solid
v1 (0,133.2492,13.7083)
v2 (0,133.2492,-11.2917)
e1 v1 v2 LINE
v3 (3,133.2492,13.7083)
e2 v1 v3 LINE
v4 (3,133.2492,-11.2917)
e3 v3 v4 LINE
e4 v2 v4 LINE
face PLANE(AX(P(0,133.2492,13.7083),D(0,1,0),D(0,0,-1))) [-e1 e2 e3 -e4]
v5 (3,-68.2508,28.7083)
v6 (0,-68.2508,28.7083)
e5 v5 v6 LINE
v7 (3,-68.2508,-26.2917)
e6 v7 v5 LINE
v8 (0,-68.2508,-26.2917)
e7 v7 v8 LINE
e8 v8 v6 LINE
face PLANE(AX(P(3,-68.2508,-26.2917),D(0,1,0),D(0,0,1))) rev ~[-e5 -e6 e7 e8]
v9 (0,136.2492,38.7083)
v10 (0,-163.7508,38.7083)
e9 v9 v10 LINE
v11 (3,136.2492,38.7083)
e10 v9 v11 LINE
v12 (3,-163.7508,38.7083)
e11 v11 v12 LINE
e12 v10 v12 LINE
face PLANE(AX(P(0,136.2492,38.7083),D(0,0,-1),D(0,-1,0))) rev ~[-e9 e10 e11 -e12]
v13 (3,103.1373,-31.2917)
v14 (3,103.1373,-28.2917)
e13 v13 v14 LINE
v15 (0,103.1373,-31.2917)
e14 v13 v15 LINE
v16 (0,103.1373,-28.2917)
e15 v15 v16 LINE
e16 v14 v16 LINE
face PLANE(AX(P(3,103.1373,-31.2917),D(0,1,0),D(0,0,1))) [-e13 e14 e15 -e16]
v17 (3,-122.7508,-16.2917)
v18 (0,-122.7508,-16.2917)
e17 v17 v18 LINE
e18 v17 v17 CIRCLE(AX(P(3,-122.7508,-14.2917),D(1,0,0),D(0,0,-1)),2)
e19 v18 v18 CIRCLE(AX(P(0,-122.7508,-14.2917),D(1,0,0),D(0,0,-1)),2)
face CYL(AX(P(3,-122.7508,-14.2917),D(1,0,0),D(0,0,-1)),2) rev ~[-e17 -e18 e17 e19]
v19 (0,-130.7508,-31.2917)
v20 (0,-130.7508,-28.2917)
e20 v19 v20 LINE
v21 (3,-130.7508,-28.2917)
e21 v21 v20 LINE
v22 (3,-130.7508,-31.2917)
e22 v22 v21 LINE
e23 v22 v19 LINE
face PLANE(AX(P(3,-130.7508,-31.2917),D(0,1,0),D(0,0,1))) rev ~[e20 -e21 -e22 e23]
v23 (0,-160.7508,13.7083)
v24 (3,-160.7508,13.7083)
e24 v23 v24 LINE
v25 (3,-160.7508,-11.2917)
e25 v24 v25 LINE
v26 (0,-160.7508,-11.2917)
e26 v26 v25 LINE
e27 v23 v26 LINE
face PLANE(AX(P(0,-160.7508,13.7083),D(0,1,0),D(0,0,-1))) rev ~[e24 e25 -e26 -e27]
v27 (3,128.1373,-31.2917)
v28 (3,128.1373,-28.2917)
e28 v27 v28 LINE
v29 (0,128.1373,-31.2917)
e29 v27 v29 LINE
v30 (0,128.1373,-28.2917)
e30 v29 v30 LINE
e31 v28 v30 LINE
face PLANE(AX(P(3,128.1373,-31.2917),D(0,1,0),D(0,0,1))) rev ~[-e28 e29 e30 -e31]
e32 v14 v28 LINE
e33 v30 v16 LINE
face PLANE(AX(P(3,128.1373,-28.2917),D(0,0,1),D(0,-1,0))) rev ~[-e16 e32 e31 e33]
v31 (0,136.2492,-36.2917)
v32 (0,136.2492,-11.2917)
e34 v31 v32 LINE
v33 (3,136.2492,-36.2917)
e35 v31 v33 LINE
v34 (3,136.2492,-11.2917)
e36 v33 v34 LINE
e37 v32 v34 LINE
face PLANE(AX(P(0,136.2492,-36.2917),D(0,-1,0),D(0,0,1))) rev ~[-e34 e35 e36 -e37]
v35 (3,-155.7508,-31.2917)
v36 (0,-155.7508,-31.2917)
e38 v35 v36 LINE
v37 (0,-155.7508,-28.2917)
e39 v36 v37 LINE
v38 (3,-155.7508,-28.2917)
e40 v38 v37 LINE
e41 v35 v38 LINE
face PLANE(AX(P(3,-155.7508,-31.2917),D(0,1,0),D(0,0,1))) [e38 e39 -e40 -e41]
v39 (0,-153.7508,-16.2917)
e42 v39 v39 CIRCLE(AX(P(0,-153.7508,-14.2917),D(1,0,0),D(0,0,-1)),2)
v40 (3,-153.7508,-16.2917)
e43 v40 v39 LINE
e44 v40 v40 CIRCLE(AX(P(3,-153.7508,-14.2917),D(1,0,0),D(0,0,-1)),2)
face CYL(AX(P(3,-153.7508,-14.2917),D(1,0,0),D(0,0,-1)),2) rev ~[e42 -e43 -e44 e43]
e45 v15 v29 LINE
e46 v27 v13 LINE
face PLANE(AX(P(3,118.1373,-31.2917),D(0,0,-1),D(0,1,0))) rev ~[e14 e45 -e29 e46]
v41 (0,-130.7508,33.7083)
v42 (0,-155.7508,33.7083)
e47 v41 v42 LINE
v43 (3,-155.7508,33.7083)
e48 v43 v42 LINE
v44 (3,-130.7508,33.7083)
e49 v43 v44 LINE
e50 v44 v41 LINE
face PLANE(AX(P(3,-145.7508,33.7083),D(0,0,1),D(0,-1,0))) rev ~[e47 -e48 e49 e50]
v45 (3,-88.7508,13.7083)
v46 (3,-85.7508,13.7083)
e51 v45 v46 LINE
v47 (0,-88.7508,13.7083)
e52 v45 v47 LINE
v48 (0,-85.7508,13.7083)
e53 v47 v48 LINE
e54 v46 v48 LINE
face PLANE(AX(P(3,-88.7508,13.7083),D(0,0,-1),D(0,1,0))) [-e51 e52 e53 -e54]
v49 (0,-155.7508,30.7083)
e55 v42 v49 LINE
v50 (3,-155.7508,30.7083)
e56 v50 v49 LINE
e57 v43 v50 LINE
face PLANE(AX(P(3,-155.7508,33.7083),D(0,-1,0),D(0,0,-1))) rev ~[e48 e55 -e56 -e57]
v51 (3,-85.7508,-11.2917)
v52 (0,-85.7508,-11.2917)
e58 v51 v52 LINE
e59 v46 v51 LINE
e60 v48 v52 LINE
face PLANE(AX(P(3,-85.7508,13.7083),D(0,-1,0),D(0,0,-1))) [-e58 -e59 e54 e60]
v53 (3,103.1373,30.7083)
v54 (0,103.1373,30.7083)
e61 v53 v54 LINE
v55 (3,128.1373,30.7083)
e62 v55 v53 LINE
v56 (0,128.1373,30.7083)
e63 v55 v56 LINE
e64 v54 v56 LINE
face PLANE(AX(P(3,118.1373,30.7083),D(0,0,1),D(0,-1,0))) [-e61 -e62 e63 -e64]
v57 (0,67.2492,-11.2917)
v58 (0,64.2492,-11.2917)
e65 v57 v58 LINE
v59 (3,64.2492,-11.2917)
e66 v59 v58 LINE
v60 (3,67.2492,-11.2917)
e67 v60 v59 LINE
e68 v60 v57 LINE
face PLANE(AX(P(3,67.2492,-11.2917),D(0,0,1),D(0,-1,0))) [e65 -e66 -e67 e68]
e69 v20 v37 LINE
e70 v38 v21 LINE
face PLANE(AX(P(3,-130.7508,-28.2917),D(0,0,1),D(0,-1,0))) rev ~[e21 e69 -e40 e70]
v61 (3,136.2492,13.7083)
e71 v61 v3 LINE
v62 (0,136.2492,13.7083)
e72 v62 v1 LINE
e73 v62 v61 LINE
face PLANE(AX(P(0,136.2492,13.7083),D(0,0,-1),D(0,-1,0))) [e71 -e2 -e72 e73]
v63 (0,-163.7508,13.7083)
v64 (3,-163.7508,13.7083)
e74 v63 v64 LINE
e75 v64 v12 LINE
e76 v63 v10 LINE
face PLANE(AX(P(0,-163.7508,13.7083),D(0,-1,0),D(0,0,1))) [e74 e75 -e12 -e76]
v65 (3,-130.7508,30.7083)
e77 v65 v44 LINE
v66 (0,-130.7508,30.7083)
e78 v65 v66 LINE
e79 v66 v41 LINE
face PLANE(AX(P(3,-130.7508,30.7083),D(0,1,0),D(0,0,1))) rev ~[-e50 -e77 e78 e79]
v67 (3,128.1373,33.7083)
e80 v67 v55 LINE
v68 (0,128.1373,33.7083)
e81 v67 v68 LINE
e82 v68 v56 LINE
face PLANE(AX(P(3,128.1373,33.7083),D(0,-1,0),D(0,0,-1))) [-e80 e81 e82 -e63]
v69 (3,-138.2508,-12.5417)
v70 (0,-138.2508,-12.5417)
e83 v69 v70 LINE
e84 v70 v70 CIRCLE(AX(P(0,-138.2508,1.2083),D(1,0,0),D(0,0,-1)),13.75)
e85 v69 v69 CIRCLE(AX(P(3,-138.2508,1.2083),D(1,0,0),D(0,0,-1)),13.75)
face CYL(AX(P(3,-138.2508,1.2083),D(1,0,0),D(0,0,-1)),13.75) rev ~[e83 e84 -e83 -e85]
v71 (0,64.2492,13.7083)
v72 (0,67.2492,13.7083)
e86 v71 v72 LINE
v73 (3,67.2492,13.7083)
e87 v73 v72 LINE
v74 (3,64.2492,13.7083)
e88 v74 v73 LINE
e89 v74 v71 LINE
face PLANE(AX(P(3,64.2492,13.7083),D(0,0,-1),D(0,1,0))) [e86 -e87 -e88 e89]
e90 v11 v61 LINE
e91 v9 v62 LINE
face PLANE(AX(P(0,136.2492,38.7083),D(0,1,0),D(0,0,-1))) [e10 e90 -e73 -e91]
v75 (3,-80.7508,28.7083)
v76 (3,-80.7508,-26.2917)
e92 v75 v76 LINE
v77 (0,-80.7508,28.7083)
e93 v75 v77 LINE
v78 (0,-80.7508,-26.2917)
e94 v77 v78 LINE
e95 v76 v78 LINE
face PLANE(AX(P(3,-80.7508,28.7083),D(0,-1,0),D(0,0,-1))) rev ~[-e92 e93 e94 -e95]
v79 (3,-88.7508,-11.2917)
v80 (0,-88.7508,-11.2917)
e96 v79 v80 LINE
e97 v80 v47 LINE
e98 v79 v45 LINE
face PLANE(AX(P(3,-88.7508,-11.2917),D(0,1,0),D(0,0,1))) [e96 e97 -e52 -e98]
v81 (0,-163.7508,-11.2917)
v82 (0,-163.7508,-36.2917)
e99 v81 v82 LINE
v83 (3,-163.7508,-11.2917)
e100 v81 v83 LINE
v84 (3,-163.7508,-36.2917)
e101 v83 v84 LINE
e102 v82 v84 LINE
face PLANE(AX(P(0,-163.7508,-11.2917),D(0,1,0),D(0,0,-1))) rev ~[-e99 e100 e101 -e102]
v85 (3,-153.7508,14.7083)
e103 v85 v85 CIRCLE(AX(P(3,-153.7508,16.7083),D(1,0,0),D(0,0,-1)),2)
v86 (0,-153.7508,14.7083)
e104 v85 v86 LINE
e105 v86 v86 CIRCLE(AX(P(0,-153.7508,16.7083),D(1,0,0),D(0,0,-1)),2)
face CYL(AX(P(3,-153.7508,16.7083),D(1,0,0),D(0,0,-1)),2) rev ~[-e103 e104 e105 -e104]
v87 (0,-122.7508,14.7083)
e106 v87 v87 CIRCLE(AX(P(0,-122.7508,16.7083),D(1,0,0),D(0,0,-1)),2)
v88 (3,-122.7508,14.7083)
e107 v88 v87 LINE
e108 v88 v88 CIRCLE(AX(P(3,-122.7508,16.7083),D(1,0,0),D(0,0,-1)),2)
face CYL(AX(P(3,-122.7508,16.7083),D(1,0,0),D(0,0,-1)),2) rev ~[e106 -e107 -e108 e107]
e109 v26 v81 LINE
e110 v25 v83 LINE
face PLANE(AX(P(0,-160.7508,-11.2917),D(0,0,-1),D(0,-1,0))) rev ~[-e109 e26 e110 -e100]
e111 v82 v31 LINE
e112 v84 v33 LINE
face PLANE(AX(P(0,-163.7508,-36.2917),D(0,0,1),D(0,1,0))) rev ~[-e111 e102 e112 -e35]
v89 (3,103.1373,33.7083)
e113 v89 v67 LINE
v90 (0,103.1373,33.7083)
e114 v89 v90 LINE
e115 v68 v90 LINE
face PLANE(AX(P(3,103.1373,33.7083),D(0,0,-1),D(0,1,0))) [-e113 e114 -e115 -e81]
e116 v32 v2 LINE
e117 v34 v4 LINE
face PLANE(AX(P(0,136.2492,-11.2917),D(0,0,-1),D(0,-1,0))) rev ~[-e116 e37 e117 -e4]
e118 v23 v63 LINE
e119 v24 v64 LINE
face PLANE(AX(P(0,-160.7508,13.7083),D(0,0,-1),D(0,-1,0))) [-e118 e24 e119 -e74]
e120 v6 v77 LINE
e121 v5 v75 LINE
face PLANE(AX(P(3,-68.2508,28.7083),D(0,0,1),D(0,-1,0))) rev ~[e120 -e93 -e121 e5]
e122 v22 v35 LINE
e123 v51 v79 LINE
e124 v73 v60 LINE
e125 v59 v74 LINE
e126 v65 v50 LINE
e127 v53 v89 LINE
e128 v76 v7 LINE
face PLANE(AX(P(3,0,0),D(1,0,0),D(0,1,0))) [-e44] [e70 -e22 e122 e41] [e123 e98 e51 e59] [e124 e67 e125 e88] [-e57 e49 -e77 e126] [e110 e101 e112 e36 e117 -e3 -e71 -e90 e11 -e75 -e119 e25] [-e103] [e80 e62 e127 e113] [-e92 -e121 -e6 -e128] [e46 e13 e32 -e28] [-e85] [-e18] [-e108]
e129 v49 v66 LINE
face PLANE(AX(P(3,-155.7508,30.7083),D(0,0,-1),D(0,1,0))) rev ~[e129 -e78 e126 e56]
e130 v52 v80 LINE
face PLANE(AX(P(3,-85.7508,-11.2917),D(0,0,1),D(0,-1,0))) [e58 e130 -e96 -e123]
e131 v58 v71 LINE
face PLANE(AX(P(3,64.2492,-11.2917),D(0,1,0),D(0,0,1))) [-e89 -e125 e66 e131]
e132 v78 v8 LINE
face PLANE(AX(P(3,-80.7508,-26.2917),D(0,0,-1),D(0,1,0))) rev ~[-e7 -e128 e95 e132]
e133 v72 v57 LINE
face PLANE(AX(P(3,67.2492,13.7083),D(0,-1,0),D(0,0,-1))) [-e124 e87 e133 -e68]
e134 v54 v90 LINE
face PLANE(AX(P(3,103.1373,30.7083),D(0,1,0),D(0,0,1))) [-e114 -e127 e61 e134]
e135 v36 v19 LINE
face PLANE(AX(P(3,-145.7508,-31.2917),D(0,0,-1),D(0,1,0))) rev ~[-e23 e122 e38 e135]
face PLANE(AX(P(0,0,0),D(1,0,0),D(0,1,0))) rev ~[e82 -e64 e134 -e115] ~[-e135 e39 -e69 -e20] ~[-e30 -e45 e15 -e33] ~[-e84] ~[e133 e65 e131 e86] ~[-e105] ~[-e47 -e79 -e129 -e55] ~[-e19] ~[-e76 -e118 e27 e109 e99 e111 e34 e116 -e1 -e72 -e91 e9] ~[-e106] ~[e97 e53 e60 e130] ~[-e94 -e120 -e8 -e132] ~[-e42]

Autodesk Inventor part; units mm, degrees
ref_plane "YZ Plane" through (0, 0, 0) normal (1, 0, 0) x (0, 1, 0)
ref_plane "XZ Plane" through (0, 0, 0) normal (0, 1, 0) x (-1, 0, 0)
ref_plane "XY Plane" through (0, 0, 0) normal (0, 0, 1) x (1, 0, 0)
sketch "Sketch1" plane through (0, 0, 0) normal (1, 0, 0) x (0, 1, 0)
  line L0 (136.2492, 38.7083) -> (-163.7508, 38.7083)
  line L1 (-163.7508, -36.2917) -> (136.2492, -36.2917)
  line L2 (-160.7508, 13.7083) -> (-160.7508, -11.2917)
  line L3 (-160.7508, -11.2917) -> (-163.7508, -11.2917)
  line L4 (-160.7508, 13.7083) -> (-163.7508, 13.7083)
  line L5 (-163.7508, 13.7083) -> (-163.7508, 38.7083)
  line L6 (-163.7508, -11.2917) -> (-163.7508, -36.2917)
  line L7 (136.2492, 38.7083) -> (136.2492, 13.7083)
  line L8 (136.2492, -36.2917) -> (136.2492, -11.2917)
  line L9 (136.2492, 13.7083) -> (133.2492, 13.7083)
  line L10 (133.2492, 13.7083) -> (133.2492, -11.2917)
  line L11 (136.2492, -11.2917) -> (133.2492, -11.2917)
  point P0 (0, 0)
  dimension "d1" = 300
extrude "Extrusion1" add sketch "Sketch1" along normal blind 3
sketch "Sketch2" plane through (3, 0, 0) normal (1, 0, 0) x (0, 0, -1)
  line L0 (-13.7083, -163.7508) -> (-13.7083, -160.7508) projected
  line L1 (-13.7083, -160.7508) -> (11.2917, -160.7508) projected
  line L2 (-13.7083, -60.7508) -> (11.2917, -60.7508)
  line L3 (11.2917, -60.7508) -> (11.2917, -63.7508)
  line L4 (11.2917, -63.7508) -> (-13.7083, -63.7508)
  line L5 (-13.7083, -63.7508) -> (-13.7083, -60.7508)
  line L6 (36.2917, -163.7508) -> (36.2917, 136.2492) projected
  line L7 (-13.7083, 36.2492) -> (11.2917, 36.2492)
  line L8 (11.2917, 36.2492) -> (11.2917, 39.2492)
  line L9 (11.2917, 39.2492) -> (-13.7083, 39.2492)
  line L10 (-13.7083, 39.2492) -> (-13.7083, 36.2492)
  point P0 (0, 0)
extrude "Extrusion2" cut sketch "Sketch2" against normal blind 3
sketch "Sketch3" plane through (3, 0, 0) normal (1, 0, 0) x (0, 0, -1)
  line L0 (-13.7083, -160.7508) -> (11.2917, -160.7508) projected
  circle A0 centre (-16.7083, -154.7508) radius 1.5
  circle A1 centre (14.2917, -154.7508) radius 1.5
  circle A2 centre (14.2917, -123.7508) radius 1.5
  circle A3 centre (-16.7083, -123.7508) radius 1.5
  circle A4 centre (-1.2083, -139.2508) radius 12
  point P0 (0, 0)
  dimension "d29" = 3
  dimension "d30" = 3
  dimension "d31" = 3
  dimension "d32" = 3
  dimension "d33" = 24
extrude "Extrusion3" cut sketch "Sketch3" against normal blind 3
sketch "Sketch4" plane through (3, 0, 0) normal (1, 0, 0) x (0, 0, -1)
  line L0 (-13.7083, -160.7508) -> (11.2917, -160.7508) projected
  line L1 (36.2917, -163.7508) -> (36.2917, 136.2492) projected
  line L2 (31.2917, -155.7508) -> (28.2917, -155.7508)
  line L3 (28.2917, -155.7508) -> (28.2917, -145.7508)
  line L4 (28.2917, -145.7508) -> (31.2917, -145.7508)
  line L5 (31.2917, -145.7508) -> (31.2917, -155.7508)
  line L6 (-38.7083, 136.2492) -> (-38.7083, -163.7508) projected
  line L7 (-33.7083, -155.7508) -> (-30.7083, -155.7508)
  line L8 (-30.7083, -155.7508) -> (-30.7083, -145.7508)
  line L9 (-30.7083, -145.7508) -> (-33.7083, -145.7508)
  line L10 (-33.7083, -145.7508) -> (-33.7083, -155.7508)
  line L11 (-33.7083, 128.1373) -> (-30.7083, 128.1373)
  line L12 (-30.7083, 128.1373) -> (-30.7083, 118.1373)
  line L13 (-30.7083, 118.1373) -> (-33.7083, 118.1373)
  line L14 (-33.7083, 118.1373) -> (-33.7083, 128.1373)
  line L15 (31.2917, 128.1373) -> (28.2917, 128.1373)
  line L16 (28.2917, 128.1373) -> (28.2917, 118.1373)
  line L17 (28.2917, 118.1373) -> (31.2917, 118.1373)
  line L18 (31.2917, 118.1373) -> (31.2917, 128.1373)
  point P0 (0, 0)
  dimension "d38" = 3
  dimension "d39" = 10
  dimension "d46" = 3
  dimension "d47" = 10
  dimension "d48" = 3
  dimension "d49" = 10
  dimension "d50" = 10
  dimension "d51" = 3
extrude "Extrusion4" cut sketch "Sketch4" against normal blind 30
sketch "Sketch5" plane through (3, 0, 0) normal (1, 0, 0) x (0, 0, -1)
  line L0 (-13.7083, -60.7508) -> (11.2917, -60.7508) projected
  line L1 (-38.7083, 136.2492) -> (-38.7083, -163.7508) projected
  line L2 (36.2917, -163.7508) -> (36.2917, 136.2492) projected
  line L3 (-28.7083, -55.7508) -> (26.2917, -55.7508)
  line L4 (26.2917, -55.7508) -> (26.2917, -43.2508)
  line L5 (26.2917, -43.2508) -> (-28.7083, -43.2508)
  line L6 (-28.7083, -43.2508) -> (-28.7083, -55.7508)
  point P0 (0, 0)
extrude "Extrusion5" cut sketch "Sketch5" against normal blind 10
sketch "Sketch6" plane through (3, 0, 0) normal (1, 0, 0) x (0, 0, -1)
  line L0 (-30.7083, 118.1373) -> (-33.7083, 118.1373) projected
  line L1 (-33.7083, 118.1373) -> (-30.7083, 118.1373)
  line L2 (-30.7083, 118.1373) -> (-30.7083, 103.1373)
  line L3 (-30.7083, 103.1373) -> (-33.7083, 103.1373)
  line L4 (-33.7083, 103.1373) -> (-33.7083, 118.1373)
  line L5 (28.2917, 118.1373) -> (31.2917, 118.1373) projected
  line L6 (28.2917, 118.1373) -> (31.2917, 118.1373)
  line L7 (31.2917, 118.1373) -> (31.2917, 103.1373)
  line L8 (31.2917, 103.1373) -> (28.2917, 103.1373)
  line L9 (28.2917, 103.1373) -> (28.2917, 118.1373)
  line L10 (-33.7083, -155.7508) -> (-33.7083, -145.7508) projected
  line L11 (-33.7083, -145.7508) -> (-30.7083, -145.7508)
  line L12 (-30.7083, -145.7508) -> (-30.7083, -130.7508)
  line L13 (-30.7083, -130.7508) -> (-33.7083, -130.7508)
  line L14 (-33.7083, -130.7508) -> (-33.7083, -145.7508)
  line L15 (28.2917, -155.7508) -> (28.2917, -145.7508) projected
  line L16 (28.2917, -145.7508) -> (31.2917, -145.7508)
  line L17 (31.2917, -145.7508) -> (31.2917, -130.7508)
  line L18 (31.2917, -130.7508) -> (28.2917, -130.7508)
  line L19 (28.2917, -130.7508) -> (28.2917, -145.7508)
  point P0 (0, 0)
  dimension "d62" = 15
  dimension "d63" = 15
extrude "Extrusion6" cut sketch "Sketch6" against normal blind 10
sketch "Sketch7" plane through (3, 0, 0) normal (1, 0, 0) x (0, 0, -1)
  point P0 (0, 0)
sketch "Sketch8" plane through (3, 0, 0) normal (1, 0, 0) x (0, 0, -1)
  circle A0 centre (-16.7083, -123.7508) radius 1.5 projected
  circle A1 centre (14.2917, -123.7508) radius 1.5 projected
  line L0 (-16.7083, -123.7508) -> (14.2917, -123.7508)
  circle A2 centre (14.2917, -154.7508) radius 1.5 projected
  line L1 (14.2917, -123.7508) -> (14.2917, -154.7508)
  circle A3 centre (-16.7083, -154.7508) radius 1.5 projected
  line L2 (14.2917, -154.7508) -> (-16.7083, -154.7508)
  line L3 (-16.7083, -154.7508) -> (-16.7083, -123.7508)
  circle A4 centre (-16.7083, -123.7508) radius 1.5
  circle A5 centre (14.2917, -123.7508) radius 1.5
  circle A6 centre (14.2917, -154.7508) radius 1.5
  circle A7 centre (-16.7083, -154.7508) radius 1.5
  circle A8 centre (-1.2083, -139.2508) radius 12 projected
  circle A9 centre (-1.2083, -139.2508) radius 12
  point P0 (0, 0)
extrude "Extrusion7" add sketch "Sketch8" against normal blind 3 contours L0 L3 A0 | A0 L3 L0 | L0 L1 A1 | A1 L1 L0 | L3 L2 A3 | A3 L2 L3 | L1 L2 A2 | A2 L2 L1 | A8
sketch "Sketch9" plane through (3, 0, 0) normal (1, 0, 0) x (0, 0, -1)
  line L0 (11.2917, -163.7508) -> (36.2917, -163.7508) projected
  line L1 (-38.7083, -163.7508) -> (-13.7083, -163.7508) projected
  line L2 (36.2917, -163.7508) -> (36.2917, 136.2492) projected
  circle A0 centre (-16.7083, -153.7508) radius 2
  circle A1 centre (14.2917, -153.7508) radius 2
  circle A2 centre (14.2917, -122.7508) radius 2
  circle A3 centre (-16.7083, -122.7508) radius 2
  circle A4 centre (-1.2083, -138.2508) radius 12
  point P0 (0, 0)
  dimension "d75" = 4
  dimension "d76" = 4
  dimension "d77" = 4
  dimension "d78" = 4
  dimension "d79" = 24
extrude "Extrusion8" cut sketch "Sketch9" against normal blind 3
sketch "Sketch10" plane through (3, 0, 0) normal (1, 0, 0) x (0, 0, -1)
  circle A0 centre (-1.2083, -138.2508) radius 12 projected
  circle A1 centre (-1.2083, -138.2508) radius 13.75
  point P0 (0, 0)
  dimension "d82" = 27.5
extrude "Extrusion9" cut sketch "Sketch10" against normal blind 10 contours A0 | A1
sketch "Sketch11" plane through (3, 0, 0) normal (1, 0, 0) x (0, 0, -1)
  line L0 (-13.7083, -160.7508) -> (11.2917, -160.7508) projected
  line L1 (11.2917, -88.7508) -> (-13.7083, -88.7508)
  line L2 (-13.7083, -88.7508) -> (-13.7083, -85.7508)
  line L3 (-13.7083, -85.7508) -> (11.2917, -85.7508)
  line L4 (11.2917, -85.7508) -> (11.2917, -88.7508)
  line L5 (11.2917, 136.2492) -> (11.2917, 133.2492) projected
  line L6 (11.2917, 64.2492) -> (-13.7083, 64.2492)
  line L7 (-13.7083, 64.2492) -> (-13.7083, 67.2492)
  line L8 (-13.7083, 67.2492) -> (11.2917, 67.2492)
  line L9 (11.2917, 67.2492) -> (11.2917, 64.2492)
  line L10 (-28.7083, -80.7508) -> (26.2917, -80.7508)
  line L11 (26.2917, -80.7508) -> (26.2917, -68.2508)
  line L12 (26.2917, -68.2508) -> (-28.7083, -68.2508)
  line L13 (-28.7083, -68.2508) -> (-28.7083, -80.7508)
  point P0 (0, 0)
  dimension "d88" = 3
extrude "Extrusion10" cut sketch "Sketch11" against normal blind 10
sketch "Sketch12" plane through (3, 0, 0) normal (1, 0, 0) x (0, 0, -1)
  line L0 (11.2917, 39.2492) -> (-13.7083, 39.2492) projected
  line L1 (11.2917, 36.2492) -> (11.2917, 39.2492) projected
  line L2 (-13.7083, 39.2492) -> (11.2917, 39.2492)
  line L3 (11.2917, 39.2492) -> (11.2917, 36.2492)
  line L4 (11.2917, 36.2492) -> (-13.7083, 36.2492)
  line L5 (-13.7083, 36.2492) -> (-13.7083, 39.2492)
  line L6 (26.2917, -43.2508) -> (-28.7083, -43.2508) projected
  line L7 (26.2917, -55.7508) -> (26.2917, -43.2508) projected
  line L8 (-28.7083, -43.2508) -> (26.2917, -43.2508)
  line L9 (26.2917, -43.2508) -> (26.2917, -55.7508)
  line L10 (26.2917, -55.7508) -> (-28.7083, -55.7508)
  line L11 (-28.7083, -55.7508) -> (-28.7083, -43.2508)
  line L12 (11.2917, -60.7508) -> (-13.7083, -60.7508) projected
  line L13 (-13.7083, -63.7508) -> (11.2917, -63.7508) projected
  line L14 (-13.7083, -60.7508) -> (11.2917, -60.7508)
  line L15 (11.2917, -60.7508) -> (11.2917, -63.7508)
  line L16 (11.2917, -63.7508) -> (-13.7083, -63.7508)
  line L17 (-13.7083, -63.7508) -> (-13.7083, -60.7508)
  point P0 (0, 0)
extrude "Extrusion11" add sketch "Sketch12" against normal blind 3
properties part number "MuurL"
